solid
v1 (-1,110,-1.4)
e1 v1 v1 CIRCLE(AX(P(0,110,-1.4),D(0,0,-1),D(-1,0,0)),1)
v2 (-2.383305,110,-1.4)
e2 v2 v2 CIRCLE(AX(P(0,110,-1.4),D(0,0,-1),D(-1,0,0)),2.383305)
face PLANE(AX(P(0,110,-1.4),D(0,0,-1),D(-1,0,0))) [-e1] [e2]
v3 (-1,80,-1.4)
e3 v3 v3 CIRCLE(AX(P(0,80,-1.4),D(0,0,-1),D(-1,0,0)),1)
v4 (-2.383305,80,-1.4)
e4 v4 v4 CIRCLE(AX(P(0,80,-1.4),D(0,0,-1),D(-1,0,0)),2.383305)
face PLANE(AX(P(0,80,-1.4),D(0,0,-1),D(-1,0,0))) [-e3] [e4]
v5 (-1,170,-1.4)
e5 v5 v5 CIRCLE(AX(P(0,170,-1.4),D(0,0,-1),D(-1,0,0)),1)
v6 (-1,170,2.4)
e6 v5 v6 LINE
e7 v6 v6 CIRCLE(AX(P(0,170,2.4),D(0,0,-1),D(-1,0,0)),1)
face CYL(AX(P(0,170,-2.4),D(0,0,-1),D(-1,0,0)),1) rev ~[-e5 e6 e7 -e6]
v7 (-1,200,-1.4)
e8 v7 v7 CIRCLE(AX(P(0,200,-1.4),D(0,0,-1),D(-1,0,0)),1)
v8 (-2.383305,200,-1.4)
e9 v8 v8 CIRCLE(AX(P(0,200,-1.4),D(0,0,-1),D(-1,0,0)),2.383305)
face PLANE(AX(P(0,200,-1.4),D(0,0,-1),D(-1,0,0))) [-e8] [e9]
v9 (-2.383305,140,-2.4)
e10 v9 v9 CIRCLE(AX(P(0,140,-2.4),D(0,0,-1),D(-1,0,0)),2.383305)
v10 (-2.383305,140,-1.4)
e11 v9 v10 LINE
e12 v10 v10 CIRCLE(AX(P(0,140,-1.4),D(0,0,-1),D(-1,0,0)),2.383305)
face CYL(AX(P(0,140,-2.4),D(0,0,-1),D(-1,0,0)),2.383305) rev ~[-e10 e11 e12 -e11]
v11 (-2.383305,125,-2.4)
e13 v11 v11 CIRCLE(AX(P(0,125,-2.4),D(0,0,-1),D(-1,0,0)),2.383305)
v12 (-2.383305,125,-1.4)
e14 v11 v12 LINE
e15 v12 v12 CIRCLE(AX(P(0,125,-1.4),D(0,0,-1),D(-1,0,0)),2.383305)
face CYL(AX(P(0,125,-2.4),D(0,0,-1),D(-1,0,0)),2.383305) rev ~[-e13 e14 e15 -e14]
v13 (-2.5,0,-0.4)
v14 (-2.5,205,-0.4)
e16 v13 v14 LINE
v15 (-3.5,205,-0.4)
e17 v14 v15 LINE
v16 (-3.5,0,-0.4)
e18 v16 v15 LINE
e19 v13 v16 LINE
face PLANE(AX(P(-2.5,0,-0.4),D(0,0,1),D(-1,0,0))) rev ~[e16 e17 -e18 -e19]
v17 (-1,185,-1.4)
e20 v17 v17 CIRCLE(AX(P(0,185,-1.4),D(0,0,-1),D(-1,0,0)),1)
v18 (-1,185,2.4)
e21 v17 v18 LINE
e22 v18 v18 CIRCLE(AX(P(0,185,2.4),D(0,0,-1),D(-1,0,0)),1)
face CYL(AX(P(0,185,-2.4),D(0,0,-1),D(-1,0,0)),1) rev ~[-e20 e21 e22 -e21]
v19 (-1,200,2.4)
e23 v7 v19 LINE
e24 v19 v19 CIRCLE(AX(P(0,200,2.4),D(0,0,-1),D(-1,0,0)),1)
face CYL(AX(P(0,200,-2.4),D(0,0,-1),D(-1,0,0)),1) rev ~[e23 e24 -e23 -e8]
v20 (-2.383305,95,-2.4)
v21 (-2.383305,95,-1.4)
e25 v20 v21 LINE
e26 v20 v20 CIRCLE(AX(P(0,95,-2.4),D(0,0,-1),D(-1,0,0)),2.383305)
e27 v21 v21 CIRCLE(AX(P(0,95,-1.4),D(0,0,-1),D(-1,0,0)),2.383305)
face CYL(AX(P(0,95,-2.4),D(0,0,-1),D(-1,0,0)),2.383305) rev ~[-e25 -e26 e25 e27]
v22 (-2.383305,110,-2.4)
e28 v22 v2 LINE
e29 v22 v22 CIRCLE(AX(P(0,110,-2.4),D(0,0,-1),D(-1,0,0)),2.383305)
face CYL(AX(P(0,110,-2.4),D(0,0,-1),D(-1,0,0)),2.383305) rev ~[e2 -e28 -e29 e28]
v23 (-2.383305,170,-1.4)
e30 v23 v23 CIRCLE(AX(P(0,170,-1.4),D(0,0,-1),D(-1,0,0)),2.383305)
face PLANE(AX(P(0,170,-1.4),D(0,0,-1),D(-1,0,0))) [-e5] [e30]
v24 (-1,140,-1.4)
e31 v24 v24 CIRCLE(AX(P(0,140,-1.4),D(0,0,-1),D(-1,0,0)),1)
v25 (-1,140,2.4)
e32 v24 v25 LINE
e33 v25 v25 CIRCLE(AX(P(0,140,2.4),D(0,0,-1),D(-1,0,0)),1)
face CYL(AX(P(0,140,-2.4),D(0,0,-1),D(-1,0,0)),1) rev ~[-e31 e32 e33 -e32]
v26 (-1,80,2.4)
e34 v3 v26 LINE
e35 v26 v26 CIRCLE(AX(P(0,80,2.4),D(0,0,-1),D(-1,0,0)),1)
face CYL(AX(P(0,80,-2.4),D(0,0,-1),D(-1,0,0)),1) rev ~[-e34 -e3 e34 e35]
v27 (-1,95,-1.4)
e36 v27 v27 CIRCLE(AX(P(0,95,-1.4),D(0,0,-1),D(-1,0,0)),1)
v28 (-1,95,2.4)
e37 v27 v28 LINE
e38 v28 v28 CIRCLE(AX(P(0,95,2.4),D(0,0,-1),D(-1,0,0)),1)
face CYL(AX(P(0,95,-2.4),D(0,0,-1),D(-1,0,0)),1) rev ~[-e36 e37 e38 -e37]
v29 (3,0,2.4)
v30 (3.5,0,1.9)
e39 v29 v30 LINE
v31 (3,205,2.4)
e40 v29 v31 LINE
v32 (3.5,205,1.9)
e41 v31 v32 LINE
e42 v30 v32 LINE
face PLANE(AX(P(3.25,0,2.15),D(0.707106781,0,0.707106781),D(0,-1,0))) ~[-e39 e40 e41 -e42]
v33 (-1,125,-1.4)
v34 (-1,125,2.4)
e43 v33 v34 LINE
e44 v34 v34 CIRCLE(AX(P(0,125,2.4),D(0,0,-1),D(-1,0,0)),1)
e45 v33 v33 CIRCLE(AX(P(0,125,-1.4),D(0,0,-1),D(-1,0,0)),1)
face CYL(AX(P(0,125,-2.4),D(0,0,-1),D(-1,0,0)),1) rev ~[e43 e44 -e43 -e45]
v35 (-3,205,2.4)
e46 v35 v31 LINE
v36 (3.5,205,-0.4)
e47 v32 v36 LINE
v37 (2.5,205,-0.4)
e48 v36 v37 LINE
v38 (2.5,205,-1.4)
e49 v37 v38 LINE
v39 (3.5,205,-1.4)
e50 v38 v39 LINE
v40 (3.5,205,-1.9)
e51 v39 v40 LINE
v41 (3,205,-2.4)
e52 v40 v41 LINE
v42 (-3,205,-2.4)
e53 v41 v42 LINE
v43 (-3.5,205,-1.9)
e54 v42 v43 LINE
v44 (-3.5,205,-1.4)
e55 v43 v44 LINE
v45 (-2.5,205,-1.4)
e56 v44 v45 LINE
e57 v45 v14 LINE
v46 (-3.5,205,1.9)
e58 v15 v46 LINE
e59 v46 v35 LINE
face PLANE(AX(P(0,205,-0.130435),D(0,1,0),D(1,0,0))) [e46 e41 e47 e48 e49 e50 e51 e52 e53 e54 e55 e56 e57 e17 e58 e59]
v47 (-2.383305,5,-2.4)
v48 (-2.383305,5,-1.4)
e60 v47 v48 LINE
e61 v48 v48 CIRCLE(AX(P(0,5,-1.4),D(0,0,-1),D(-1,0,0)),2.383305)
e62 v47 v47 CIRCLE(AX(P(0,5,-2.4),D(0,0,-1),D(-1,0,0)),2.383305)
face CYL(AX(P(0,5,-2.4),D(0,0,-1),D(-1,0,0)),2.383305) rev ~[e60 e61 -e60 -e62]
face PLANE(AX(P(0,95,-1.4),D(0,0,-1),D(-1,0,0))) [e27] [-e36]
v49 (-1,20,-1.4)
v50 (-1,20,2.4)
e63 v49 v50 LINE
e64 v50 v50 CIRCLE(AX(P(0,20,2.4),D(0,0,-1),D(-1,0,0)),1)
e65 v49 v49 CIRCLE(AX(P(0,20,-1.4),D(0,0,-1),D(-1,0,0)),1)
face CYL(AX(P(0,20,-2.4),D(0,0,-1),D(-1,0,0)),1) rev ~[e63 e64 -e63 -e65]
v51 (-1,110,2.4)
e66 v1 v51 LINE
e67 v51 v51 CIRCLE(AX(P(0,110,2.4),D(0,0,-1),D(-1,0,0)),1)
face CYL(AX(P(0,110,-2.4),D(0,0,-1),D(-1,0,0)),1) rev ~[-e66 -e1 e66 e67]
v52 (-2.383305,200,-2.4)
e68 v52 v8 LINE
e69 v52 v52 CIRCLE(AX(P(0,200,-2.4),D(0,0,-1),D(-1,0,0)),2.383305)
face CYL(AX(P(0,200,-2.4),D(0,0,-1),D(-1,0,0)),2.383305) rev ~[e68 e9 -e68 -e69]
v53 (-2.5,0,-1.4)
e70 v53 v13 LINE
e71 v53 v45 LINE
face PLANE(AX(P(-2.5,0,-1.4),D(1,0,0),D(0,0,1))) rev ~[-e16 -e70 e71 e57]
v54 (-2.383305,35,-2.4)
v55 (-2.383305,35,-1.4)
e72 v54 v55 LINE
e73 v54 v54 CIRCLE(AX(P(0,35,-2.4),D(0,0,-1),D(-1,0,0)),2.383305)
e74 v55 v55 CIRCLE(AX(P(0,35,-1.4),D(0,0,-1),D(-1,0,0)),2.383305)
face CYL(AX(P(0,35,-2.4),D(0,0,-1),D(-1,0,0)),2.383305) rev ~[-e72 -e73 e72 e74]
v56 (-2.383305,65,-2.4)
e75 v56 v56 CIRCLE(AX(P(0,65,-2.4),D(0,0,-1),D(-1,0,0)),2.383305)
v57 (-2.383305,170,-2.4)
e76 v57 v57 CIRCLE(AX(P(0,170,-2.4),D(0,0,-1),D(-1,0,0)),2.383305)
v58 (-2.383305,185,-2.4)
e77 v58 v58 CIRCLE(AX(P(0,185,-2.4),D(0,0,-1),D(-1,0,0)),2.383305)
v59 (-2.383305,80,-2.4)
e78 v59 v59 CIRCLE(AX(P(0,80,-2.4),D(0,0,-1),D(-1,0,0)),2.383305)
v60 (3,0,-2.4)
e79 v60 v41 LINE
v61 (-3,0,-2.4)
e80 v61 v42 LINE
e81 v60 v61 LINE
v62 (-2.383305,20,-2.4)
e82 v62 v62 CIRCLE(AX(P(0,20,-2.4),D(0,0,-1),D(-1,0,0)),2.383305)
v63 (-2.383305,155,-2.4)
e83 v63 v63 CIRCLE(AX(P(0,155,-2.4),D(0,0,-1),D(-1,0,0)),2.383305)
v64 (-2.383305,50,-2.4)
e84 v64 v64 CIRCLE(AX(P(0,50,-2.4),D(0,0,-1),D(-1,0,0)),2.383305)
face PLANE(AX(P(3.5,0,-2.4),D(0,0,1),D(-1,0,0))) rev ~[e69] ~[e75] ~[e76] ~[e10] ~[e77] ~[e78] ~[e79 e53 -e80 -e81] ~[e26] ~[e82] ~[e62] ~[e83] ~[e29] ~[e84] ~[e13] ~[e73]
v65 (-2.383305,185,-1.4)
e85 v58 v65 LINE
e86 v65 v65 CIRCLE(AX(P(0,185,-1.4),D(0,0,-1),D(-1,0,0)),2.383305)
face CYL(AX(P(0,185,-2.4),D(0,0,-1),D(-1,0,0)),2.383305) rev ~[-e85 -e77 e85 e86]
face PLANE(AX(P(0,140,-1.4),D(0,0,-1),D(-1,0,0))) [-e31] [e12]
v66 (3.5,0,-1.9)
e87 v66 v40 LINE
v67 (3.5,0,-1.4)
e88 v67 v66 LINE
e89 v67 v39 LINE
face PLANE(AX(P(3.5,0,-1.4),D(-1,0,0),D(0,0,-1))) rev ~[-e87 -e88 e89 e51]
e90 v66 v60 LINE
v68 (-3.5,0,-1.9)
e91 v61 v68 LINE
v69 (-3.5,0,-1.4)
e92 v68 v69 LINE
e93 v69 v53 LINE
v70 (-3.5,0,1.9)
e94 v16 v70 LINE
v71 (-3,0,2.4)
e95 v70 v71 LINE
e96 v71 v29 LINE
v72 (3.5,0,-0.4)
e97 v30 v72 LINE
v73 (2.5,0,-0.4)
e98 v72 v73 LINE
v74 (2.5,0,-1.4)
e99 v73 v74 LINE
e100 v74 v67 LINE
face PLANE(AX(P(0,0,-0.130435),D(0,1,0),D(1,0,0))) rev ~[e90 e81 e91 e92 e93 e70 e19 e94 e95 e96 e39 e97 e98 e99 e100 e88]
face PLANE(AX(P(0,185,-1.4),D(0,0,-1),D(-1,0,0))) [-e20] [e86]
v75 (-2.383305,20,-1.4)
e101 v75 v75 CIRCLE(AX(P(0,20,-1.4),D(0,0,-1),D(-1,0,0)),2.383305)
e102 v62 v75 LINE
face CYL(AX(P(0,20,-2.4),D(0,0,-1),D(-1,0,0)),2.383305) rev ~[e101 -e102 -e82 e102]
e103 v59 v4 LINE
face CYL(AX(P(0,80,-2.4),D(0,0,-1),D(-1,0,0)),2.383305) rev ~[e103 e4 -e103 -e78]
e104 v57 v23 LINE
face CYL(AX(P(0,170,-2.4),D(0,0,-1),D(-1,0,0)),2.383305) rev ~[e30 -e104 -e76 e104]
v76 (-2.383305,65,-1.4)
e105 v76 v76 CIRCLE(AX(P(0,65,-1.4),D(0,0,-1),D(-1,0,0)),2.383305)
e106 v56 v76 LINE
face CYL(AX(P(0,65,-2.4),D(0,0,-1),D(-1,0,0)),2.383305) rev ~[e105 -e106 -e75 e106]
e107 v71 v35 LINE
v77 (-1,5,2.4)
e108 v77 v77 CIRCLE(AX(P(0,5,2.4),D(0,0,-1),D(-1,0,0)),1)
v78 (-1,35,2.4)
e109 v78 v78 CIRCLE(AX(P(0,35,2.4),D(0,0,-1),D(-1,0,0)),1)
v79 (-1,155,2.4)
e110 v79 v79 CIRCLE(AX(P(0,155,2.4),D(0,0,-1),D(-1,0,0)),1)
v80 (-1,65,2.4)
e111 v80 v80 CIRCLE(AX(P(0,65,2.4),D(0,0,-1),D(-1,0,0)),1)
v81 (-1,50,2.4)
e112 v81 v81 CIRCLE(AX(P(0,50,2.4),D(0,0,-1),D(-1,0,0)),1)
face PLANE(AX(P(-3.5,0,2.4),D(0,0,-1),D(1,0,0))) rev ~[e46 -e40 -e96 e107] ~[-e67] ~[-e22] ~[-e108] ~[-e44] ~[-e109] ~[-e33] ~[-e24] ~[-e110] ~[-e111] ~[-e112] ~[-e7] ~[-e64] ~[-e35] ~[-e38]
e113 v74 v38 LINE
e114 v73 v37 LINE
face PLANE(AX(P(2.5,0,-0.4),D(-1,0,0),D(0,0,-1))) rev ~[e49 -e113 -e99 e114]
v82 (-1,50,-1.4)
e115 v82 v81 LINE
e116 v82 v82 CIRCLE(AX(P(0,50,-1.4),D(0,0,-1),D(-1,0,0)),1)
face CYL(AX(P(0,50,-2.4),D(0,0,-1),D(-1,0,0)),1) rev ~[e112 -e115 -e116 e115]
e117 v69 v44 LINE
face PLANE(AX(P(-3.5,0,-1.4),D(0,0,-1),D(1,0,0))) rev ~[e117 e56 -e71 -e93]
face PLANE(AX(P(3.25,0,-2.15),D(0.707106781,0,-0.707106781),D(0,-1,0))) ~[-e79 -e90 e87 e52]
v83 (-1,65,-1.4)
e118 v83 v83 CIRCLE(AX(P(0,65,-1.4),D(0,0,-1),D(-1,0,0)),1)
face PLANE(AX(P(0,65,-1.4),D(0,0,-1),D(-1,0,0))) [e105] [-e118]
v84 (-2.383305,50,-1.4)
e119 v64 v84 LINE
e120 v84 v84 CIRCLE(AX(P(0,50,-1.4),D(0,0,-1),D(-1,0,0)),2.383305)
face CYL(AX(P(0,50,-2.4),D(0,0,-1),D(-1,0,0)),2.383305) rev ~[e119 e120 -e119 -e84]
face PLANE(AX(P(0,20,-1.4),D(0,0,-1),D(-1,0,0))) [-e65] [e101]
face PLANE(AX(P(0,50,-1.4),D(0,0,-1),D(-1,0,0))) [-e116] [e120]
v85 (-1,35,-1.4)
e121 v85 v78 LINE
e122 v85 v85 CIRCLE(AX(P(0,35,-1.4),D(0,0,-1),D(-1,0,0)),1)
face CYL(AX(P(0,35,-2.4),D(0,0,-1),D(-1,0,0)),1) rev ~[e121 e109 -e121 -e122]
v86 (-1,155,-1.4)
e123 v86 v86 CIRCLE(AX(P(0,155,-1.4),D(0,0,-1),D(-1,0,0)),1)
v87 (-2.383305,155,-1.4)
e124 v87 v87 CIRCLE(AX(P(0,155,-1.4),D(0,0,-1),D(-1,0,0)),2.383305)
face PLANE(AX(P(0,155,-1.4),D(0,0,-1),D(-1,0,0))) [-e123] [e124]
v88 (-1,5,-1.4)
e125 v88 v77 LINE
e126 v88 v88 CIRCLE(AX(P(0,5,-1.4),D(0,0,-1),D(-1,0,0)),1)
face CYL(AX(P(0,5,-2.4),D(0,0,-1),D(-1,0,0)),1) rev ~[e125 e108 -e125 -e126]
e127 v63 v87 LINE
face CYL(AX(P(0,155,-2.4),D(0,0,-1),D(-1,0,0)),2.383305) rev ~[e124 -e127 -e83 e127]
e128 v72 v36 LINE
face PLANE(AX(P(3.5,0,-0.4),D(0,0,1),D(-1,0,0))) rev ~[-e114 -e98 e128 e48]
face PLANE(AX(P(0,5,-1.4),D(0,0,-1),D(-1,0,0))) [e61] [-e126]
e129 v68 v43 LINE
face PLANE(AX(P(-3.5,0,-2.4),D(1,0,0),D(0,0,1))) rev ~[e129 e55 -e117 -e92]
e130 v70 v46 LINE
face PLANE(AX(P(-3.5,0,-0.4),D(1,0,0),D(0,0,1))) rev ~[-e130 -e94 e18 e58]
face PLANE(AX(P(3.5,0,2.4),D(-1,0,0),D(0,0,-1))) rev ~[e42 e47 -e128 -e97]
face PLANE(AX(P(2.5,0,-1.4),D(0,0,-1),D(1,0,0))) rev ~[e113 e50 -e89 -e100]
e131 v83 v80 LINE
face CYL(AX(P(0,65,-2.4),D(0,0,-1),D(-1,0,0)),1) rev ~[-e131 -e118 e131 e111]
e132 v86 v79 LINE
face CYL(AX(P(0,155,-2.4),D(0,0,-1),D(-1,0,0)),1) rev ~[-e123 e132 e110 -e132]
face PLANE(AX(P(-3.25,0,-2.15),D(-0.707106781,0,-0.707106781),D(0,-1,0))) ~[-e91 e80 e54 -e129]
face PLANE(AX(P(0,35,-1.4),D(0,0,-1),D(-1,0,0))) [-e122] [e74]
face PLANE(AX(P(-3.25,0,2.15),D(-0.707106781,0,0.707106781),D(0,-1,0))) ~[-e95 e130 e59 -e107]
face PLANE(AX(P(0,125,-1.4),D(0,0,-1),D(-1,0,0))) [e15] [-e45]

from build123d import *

# Parameters (mm, degrees)
EXTRUDE_1_DEPTH     = 205
SKETCH_2_R          = 1
CUT_EXTRUDE_1_DEPTH = 10
CHAMFER_1_SIZE      = 0.5
SKETCH_3_R          = 2.383304988
CUT_EXTRUDE_2_DEPTH = 1


with BuildPart() as part:
    # 草图1 → 凸台-拉伸1 (new body)
    with BuildSketch(Plane(origin=(0, 0, 0), x_dir=(1, 0, 0), z_dir=(0, 1, 0))):
        Polygon((-3.5, 0.4), (-3.5, -2.4), (3.5, -2.4), (3.5, 0.4), (2.5, 0.4), (2.5, 1.4), (3.5, 1.4), (3.5, 2.4), (-3.5, 2.4), (-3.5, 1.4), (-2.5, 1.4), (-2.5, 0.4), align=None)
    extrude(amount=EXTRUDE_1_DEPTH)

    # 草图2 → 切除-拉伸1 (cut)
    with BuildSketch(Plane(origin=(0, 0, -2.4), x_dir=(-1, 0, 0), z_dir=(0, 0, -1))):
        with Locations((0, 5)):
            Circle(SKETCH_2_R)
        with Locations((0, 20)):
            Circle(SKETCH_2_R)
        with Locations((0, 35)):
            Circle(SKETCH_2_R)
        with Locations((0, 50)):
            Circle(SKETCH_2_R)
        with Locations((0, 65)):
            Circle(SKETCH_2_R)
        with Locations((0, 80)):
            Circle(SKETCH_2_R)
        with Locations((0, 95)):
            Circle(SKETCH_2_R)
        with Locations((0, 110)):
            Circle(SKETCH_2_R)
        with Locations((0, 125)):
            Circle(SKETCH_2_R)
        with Locations((0, 140)):
            Circle(SKETCH_2_R)
        with Locations((0, 155)):
            Circle(SKETCH_2_R)
        with Locations((0, 170)):
            Circle(SKETCH_2_R)
        with Locations((0, 185)):
            Circle(SKETCH_2_R)
        with Locations((0, 200)):
            Circle(SKETCH_2_R)
    extrude(amount=-CUT_EXTRUDE_1_DEPTH, mode=Mode.SUBTRACT)

    # 倒角1
    chamfer_1_edges = [part.edges().sort_by_distance(p)[0] for p in [
        (-3.5, 102.5, -2.4),
        (3.5, 102.5, -2.4),
        (3.5, 102.5, 2.4),
        (-3.5, 102.5, 2.4),
    ]]
    chamfer(chamfer_1_edges, length=CHAMFER_1_SIZE)

    # 草图3 → 切除-拉伸2 (cut)
    with BuildSketch(Plane(origin=(0, 0, -2.4), x_dir=(-1, 0, 0), z_dir=(0, 0, -1))):
        with Locations((0, 5)):
            Circle(SKETCH_3_R)
        with Locations((0, 20)):
            Circle(SKETCH_3_R)
        with Locations((0, 35)):
            Circle(SKETCH_3_R)
        with Locations((0, 50)):
            Circle(SKETCH_3_R)
        with Locations((0, 65)):
            Circle(SKETCH_3_R)
        with Locations((0, 80)):
            Circle(SKETCH_3_R)
        with Locations((0, 95)):
            Circle(SKETCH_3_R)
        with Locations((0, 110)):
            Circle(SKETCH_3_R)
        with Locations((0, 125)):
            Circle(SKETCH_3_R)
        with Locations((0, 140)):
            Circle(SKETCH_3_R)
        with Locations((0, 155)):
            Circle(SKETCH_3_R)
        with Locations((0, 170)):
            Circle(SKETCH_3_R)
        with Locations((0, 185)):
            Circle(SKETCH_3_R)
        with Locations((0, 200)):
            Circle(SKETCH_3_R)
    extrude(amount=-CUT_EXTRUDE_2_DEPTH, mode=Mode.SUBTRACT)


solid = part.part
